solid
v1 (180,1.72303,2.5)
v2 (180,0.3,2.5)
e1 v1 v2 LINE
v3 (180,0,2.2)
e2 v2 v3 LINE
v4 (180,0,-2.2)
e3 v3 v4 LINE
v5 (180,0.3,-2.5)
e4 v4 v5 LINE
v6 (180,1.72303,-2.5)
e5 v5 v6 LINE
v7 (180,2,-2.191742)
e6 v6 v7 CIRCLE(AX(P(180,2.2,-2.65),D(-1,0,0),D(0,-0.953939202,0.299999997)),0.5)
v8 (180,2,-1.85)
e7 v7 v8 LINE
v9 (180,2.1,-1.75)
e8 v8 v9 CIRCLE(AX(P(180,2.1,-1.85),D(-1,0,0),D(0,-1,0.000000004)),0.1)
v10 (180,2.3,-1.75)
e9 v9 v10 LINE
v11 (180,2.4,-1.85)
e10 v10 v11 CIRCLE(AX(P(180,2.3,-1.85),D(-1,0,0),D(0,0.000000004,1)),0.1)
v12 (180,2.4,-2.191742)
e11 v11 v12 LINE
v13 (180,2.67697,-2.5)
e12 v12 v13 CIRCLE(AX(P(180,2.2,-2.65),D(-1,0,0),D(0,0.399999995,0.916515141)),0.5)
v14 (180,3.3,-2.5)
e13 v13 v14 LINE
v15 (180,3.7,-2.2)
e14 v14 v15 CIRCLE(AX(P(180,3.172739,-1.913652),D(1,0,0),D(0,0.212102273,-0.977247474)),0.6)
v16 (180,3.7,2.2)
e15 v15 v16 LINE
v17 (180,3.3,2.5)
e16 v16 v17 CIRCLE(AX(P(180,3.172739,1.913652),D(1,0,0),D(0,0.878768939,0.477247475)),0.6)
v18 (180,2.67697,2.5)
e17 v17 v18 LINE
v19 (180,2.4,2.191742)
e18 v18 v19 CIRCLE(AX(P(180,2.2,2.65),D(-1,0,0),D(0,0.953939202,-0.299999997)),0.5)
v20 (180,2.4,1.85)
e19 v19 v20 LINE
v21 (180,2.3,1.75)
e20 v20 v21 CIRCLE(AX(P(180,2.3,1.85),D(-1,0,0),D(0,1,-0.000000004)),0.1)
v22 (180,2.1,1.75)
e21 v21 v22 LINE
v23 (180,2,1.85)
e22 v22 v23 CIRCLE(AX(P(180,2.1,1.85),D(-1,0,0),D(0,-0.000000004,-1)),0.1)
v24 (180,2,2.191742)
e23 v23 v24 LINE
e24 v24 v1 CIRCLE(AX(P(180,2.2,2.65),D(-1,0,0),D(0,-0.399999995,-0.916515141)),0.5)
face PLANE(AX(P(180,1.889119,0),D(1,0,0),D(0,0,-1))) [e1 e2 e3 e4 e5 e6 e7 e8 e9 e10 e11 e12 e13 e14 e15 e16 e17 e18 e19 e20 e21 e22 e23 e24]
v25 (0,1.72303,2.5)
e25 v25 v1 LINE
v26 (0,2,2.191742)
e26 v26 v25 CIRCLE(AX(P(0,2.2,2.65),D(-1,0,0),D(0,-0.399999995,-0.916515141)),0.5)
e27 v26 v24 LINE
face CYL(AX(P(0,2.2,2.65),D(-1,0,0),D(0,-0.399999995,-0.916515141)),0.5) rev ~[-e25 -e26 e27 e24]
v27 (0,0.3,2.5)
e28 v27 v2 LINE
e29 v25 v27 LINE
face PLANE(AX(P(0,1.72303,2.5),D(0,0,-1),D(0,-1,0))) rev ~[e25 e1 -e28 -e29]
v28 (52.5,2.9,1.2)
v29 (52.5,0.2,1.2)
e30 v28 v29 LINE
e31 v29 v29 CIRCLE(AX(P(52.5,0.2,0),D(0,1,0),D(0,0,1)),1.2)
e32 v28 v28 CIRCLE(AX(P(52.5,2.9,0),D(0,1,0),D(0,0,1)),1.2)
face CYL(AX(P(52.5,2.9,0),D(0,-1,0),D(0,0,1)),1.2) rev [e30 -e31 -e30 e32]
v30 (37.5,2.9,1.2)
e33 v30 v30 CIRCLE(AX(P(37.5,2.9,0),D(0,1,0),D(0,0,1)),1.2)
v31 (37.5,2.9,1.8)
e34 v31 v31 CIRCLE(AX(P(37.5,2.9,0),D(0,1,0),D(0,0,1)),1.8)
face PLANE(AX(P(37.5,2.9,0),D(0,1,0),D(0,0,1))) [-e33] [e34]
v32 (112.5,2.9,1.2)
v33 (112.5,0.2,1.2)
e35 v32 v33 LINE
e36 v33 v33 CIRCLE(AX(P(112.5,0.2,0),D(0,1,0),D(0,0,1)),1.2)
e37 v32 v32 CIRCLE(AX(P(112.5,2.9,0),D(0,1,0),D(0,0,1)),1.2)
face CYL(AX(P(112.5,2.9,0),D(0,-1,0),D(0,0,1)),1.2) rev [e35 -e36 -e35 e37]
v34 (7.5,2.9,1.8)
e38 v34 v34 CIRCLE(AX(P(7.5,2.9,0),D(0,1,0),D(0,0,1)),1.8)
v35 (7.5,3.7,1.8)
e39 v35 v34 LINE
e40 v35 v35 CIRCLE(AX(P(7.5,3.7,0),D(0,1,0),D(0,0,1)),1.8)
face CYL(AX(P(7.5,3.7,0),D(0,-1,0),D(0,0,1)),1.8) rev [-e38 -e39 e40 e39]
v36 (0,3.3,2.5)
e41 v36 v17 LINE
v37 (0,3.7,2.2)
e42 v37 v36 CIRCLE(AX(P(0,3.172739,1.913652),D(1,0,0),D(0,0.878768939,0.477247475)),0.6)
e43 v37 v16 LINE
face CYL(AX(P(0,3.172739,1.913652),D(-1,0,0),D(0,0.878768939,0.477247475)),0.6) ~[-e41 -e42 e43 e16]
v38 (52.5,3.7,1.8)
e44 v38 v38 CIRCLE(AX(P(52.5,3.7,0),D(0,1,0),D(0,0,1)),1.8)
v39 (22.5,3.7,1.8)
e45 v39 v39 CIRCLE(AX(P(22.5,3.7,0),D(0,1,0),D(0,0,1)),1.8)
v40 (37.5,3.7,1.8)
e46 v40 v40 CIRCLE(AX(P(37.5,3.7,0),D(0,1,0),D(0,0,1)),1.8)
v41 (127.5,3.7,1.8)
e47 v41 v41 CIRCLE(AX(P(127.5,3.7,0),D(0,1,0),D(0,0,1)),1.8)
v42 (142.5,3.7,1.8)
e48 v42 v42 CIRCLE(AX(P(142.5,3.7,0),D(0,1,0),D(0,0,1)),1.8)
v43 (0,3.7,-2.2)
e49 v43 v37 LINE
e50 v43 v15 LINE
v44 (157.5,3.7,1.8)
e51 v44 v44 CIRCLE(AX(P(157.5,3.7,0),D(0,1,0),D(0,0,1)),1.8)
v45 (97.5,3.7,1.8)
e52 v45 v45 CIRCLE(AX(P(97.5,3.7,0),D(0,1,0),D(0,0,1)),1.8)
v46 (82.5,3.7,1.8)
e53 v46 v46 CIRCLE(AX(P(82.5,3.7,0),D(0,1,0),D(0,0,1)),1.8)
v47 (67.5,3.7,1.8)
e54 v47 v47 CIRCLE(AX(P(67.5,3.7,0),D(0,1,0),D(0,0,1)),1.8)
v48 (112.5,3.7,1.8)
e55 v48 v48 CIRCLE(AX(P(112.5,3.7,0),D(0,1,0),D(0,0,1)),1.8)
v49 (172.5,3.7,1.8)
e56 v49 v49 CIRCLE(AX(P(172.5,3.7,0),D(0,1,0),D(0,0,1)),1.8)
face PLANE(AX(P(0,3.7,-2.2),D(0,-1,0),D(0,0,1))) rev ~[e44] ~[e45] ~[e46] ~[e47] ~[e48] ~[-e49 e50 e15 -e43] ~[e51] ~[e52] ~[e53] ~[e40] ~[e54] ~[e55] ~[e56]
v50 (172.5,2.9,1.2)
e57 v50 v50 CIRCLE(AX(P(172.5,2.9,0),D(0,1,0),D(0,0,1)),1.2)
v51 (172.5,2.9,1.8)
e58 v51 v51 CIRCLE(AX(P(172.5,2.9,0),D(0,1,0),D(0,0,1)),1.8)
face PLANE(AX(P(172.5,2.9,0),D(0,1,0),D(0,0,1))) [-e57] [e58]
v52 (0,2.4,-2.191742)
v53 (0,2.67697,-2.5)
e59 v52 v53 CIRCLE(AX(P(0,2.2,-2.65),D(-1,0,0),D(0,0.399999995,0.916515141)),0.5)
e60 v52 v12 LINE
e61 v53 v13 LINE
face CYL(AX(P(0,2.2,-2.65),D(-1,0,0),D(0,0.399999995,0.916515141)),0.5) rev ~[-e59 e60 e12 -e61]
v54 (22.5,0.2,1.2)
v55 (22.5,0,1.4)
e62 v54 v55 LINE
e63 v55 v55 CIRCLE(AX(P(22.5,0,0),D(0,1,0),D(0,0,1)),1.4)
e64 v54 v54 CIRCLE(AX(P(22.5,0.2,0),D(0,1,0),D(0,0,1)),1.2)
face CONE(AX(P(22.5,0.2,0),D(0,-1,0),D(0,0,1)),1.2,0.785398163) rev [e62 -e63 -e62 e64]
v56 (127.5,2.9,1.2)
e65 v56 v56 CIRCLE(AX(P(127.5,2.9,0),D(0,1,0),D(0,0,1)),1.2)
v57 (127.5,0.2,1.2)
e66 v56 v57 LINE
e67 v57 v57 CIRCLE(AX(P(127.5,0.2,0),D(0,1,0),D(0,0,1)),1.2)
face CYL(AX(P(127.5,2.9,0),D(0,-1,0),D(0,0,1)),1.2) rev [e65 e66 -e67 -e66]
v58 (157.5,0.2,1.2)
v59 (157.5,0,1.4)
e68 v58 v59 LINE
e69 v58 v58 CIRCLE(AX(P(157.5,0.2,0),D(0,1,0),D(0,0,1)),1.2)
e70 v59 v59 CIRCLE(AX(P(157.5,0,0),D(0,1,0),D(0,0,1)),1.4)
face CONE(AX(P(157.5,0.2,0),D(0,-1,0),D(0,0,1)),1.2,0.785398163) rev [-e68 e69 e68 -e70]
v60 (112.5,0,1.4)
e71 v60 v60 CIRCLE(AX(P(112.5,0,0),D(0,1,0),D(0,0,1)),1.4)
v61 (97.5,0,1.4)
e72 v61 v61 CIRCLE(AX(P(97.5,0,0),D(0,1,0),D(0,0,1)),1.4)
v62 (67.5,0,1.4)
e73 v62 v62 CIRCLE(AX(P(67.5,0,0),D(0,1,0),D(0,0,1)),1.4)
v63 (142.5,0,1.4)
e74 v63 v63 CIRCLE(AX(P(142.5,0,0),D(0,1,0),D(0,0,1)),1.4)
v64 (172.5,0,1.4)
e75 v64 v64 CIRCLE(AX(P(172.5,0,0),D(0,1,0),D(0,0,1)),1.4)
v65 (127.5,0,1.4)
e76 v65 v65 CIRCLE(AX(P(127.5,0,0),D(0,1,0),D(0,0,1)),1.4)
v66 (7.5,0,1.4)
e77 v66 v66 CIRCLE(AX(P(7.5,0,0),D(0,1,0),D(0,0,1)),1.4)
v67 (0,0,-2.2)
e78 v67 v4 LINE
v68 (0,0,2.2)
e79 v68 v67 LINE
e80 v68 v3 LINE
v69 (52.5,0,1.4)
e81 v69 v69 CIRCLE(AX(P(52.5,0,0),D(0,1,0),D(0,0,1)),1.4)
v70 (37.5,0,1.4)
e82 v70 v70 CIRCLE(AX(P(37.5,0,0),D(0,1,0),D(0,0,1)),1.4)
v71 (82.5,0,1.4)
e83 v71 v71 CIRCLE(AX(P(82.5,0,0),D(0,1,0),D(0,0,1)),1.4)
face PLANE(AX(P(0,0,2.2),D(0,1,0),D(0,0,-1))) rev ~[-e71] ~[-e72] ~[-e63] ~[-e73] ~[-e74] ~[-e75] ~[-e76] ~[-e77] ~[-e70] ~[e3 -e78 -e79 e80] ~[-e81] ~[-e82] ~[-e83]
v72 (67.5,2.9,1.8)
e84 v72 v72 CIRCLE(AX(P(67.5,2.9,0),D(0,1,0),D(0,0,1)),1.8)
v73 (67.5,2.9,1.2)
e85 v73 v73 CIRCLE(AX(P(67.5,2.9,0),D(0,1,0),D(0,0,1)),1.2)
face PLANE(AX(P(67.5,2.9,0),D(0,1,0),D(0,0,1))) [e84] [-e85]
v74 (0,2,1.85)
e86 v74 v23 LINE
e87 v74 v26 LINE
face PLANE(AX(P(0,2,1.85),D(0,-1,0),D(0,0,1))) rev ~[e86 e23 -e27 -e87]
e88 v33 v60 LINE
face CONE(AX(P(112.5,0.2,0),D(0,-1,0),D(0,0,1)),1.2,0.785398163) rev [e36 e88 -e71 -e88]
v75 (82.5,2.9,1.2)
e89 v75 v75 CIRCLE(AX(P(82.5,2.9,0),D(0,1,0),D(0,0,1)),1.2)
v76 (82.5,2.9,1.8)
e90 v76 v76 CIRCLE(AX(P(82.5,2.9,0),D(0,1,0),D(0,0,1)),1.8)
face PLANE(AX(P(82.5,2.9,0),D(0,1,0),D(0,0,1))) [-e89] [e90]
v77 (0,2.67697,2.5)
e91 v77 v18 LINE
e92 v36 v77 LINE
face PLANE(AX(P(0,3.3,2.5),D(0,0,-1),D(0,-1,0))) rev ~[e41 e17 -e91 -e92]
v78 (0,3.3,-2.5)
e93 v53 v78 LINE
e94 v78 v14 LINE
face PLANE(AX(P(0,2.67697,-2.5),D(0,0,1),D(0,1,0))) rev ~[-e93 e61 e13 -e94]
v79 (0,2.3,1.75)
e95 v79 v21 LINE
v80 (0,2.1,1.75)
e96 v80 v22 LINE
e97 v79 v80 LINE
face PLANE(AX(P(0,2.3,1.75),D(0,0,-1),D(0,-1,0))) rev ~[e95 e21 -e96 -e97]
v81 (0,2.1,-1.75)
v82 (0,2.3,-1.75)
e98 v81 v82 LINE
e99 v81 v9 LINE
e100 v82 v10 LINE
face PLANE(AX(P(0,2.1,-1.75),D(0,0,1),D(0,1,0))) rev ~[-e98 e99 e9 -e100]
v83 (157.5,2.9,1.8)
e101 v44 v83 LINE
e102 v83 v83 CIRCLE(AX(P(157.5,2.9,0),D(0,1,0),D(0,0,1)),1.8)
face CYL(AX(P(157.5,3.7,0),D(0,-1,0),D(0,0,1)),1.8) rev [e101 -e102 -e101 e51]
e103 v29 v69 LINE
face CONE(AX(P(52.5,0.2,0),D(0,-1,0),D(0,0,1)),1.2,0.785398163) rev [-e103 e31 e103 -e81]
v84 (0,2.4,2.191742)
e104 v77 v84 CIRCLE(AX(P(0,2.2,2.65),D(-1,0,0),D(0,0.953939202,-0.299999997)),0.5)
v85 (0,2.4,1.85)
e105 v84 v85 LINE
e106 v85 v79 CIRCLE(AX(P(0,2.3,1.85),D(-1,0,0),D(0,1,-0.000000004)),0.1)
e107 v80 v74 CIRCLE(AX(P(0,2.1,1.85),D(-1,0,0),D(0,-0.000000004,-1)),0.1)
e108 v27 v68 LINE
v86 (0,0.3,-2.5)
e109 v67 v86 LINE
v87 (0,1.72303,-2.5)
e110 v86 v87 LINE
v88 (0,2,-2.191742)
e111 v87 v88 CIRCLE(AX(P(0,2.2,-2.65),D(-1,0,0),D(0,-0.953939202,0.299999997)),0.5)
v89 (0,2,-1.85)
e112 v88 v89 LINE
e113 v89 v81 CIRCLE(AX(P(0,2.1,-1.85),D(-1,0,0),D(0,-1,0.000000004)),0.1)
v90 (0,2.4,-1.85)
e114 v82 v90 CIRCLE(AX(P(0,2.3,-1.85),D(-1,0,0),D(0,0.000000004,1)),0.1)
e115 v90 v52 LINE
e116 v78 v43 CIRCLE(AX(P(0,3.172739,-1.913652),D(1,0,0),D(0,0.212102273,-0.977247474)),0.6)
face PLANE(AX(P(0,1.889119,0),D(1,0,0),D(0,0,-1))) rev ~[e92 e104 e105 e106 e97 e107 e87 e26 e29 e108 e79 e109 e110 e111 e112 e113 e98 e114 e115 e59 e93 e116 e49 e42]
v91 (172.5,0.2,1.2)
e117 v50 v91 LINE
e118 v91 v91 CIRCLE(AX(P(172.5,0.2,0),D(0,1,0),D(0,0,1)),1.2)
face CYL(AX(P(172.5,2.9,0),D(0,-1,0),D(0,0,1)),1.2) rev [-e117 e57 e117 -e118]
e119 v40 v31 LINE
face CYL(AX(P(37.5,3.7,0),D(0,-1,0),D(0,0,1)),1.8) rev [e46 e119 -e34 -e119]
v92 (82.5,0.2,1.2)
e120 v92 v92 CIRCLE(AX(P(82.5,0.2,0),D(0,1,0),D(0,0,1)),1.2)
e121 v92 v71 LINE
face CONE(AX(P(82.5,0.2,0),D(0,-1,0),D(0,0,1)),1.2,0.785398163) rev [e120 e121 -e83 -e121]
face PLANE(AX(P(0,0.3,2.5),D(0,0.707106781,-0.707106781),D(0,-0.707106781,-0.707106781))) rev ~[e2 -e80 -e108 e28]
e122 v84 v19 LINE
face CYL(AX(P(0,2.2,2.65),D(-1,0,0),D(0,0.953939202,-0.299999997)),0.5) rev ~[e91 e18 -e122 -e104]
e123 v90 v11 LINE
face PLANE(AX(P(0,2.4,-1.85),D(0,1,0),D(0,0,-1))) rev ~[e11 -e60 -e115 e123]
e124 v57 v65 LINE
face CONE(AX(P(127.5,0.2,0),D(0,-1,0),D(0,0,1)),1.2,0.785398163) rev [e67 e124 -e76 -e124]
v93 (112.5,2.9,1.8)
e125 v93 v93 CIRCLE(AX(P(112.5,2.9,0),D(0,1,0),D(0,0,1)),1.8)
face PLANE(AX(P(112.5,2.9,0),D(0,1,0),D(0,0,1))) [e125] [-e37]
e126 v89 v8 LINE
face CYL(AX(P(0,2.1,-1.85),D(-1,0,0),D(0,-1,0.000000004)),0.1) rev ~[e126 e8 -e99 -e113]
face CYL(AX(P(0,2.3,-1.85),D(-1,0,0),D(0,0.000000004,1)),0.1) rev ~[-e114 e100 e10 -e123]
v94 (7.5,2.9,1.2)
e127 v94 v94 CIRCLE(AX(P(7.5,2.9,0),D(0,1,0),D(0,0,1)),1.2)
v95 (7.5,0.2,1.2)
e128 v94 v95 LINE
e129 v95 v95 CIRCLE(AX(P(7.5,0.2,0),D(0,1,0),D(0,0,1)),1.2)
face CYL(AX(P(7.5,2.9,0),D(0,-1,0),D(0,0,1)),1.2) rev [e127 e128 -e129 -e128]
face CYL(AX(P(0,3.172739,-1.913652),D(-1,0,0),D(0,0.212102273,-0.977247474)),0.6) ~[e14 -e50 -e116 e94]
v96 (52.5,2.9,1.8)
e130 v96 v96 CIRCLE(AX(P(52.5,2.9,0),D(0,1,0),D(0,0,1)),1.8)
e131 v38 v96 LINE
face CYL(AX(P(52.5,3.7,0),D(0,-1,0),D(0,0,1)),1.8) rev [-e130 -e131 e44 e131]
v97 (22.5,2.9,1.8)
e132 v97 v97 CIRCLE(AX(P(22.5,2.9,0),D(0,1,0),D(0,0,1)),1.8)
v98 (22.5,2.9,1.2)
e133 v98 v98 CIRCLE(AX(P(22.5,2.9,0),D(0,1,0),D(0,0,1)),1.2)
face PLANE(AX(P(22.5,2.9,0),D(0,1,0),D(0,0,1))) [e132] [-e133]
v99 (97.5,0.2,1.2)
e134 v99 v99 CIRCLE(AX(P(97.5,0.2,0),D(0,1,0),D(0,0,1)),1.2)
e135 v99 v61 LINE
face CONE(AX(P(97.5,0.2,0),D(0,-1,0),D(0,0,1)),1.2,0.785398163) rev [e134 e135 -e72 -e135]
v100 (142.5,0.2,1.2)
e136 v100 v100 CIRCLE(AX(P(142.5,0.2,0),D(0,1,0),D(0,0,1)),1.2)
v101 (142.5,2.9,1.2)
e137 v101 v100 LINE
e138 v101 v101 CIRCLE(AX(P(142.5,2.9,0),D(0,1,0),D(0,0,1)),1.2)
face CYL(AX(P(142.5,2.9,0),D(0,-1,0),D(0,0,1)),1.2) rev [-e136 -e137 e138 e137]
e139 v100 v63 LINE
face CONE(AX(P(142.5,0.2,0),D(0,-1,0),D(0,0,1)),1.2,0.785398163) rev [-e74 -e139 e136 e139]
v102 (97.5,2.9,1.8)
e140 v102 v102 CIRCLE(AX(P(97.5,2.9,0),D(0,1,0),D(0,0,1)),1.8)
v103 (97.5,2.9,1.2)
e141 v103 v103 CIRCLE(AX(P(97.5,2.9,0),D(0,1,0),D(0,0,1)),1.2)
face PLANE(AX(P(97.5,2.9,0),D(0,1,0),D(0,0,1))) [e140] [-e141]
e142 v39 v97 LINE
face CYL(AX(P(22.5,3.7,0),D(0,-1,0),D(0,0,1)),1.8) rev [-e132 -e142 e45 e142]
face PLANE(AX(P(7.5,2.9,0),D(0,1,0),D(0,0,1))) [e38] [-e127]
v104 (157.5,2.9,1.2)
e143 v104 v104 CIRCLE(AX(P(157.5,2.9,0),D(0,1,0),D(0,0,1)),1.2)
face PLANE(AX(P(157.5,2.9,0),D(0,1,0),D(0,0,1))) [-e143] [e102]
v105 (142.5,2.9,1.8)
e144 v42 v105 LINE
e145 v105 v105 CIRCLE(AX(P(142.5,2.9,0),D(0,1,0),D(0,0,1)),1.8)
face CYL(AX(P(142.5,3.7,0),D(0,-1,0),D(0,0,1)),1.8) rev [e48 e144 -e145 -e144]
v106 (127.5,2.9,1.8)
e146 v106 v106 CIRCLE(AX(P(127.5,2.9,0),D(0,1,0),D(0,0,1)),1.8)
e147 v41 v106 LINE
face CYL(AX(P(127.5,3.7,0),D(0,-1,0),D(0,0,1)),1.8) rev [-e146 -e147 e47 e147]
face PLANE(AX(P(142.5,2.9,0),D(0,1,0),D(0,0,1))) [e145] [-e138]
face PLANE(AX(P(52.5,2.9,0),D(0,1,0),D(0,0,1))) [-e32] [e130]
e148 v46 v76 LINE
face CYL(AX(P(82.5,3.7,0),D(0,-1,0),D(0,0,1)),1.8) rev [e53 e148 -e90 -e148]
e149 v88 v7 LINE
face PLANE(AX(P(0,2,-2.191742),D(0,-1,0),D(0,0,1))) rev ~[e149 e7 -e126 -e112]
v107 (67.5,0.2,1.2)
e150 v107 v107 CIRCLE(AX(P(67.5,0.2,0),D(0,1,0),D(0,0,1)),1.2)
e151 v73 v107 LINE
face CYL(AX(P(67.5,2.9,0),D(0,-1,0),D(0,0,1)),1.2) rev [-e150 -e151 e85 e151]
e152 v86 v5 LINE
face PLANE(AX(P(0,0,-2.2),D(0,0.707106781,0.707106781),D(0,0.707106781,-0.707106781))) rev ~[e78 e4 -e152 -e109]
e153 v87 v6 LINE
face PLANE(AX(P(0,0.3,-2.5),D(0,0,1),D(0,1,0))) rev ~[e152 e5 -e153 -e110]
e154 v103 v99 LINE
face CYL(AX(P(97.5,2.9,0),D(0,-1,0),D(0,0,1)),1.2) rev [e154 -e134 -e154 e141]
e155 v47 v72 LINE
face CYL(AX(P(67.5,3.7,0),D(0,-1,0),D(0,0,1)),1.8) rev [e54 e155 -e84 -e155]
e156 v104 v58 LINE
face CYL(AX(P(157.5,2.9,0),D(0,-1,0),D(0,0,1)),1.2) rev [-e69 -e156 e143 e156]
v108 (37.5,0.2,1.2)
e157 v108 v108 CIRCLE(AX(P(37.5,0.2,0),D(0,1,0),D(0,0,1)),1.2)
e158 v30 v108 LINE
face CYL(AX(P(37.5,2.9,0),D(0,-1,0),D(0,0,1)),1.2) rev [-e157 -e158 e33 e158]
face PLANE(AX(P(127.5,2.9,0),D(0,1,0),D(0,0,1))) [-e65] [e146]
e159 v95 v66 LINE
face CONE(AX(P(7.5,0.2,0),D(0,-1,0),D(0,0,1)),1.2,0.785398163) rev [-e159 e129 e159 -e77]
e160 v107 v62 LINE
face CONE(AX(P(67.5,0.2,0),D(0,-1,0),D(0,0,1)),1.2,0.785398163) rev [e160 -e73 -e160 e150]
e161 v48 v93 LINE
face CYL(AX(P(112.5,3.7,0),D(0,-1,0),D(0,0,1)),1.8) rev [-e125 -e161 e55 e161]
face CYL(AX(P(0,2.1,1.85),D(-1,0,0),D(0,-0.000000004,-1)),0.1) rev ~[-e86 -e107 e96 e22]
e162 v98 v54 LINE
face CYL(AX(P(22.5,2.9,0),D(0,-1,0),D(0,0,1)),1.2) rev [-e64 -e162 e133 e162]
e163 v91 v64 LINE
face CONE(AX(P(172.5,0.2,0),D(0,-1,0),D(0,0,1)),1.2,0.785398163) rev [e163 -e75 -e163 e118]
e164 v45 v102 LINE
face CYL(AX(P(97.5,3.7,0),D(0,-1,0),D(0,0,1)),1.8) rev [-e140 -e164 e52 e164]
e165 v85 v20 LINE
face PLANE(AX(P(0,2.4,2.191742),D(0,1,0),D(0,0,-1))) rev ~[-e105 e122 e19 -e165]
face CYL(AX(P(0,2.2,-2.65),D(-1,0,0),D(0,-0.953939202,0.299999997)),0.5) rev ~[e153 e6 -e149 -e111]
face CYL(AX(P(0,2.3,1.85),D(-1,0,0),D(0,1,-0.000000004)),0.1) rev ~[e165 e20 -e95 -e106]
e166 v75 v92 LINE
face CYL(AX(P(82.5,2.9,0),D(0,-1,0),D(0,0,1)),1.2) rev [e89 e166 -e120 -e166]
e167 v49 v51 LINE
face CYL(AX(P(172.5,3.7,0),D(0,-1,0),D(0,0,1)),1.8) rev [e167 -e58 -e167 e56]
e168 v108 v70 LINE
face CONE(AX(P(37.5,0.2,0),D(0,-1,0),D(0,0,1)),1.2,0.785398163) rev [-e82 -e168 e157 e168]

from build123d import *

# Parameters (mm, degrees)
EXTRUDE1_DEPTH  = 180
LPATTERN1_COUNT = 11
LPATTERN1_PITCH = 15


with BuildPart() as part:
    # Sketch1 → Extrude1 (new body)
    with BuildSketch(Plane(origin=(0, 0, 0), x_dir=(0, 0, -1), z_dir=(1, 0, 0))):
        with BuildLine():
            Line((-2.5, 0.3), (-2.2, 0))
            Line((-2.2, 0), (2.2, 0))
            Line((2.2, 0), (2.5, 0.3))
            Line((2.5, 0.3), (2.5, 1.723030399))
            ThreePointArc((2.5, 1.723030399), (2.315825857, 1.828075757), (2.191742431, 2))
            Line((2.191742431, 2), (1.85, 2))
            ThreePointArc((1.85, 2), (1.779289322, 2.029289322), (1.75, 2.1))
            Line((1.75, 2.1), (1.75, 2.3))
            ThreePointArc((1.75, 2.3), (1.779289322, 2.370710678), (1.85, 2.4))
            Line((1.85, 2.4), (2.191742431, 2.4))
            ThreePointArc((2.191742431, 2.4), (2.315825857, 2.571924243), (2.5, 2.676969601))
            Line((2.5, 2.676969601), (2.5, 3.3))
            ThreePointArc((2.5, 3.3), (2.393651515, 3.532738637), (2.2, 3.7))
            Line((2.2, 3.7), (-2.2, 3.7))
            ThreePointArc((-2.2, 3.7), (-2.393651515, 3.532738637), (-2.5, 3.3))
            Line((-2.5, 3.3), (-2.5, 2.676969601))
            ThreePointArc((-2.5, 2.676969601), (-2.315825857, 2.571924243), (-2.191742431, 2.4))
            Line((-2.191742431, 2.4), (-1.85, 2.4))
            ThreePointArc((-1.85, 2.4), (-1.779289322, 2.370710678), (-1.75, 2.3))
            Line((-1.75, 2.3), (-1.75, 2.1))
            ThreePointArc((-1.75, 2.1), (-1.779289322, 2.029289322), (-1.85, 2))
            Line((-1.85, 2), (-2.191742431, 2))
            ThreePointArc((-2.191742431, 2), (-2.315825857, 1.828075757), (-2.5, 1.723030399))
            Line((-2.5, 1.723030399), (-2.5, 0.3))
        make_face()
    extrude(amount=EXTRUDE1_DEPTH)

    # Sketch2 → Cut-Revolve1 (revolve, cut)
    with BuildSketch(Plane(origin=(0, 0, 0), x_dir=(-1, 0, 0), z_dir=(0, 0, -1))):
        Polygon((-7.5, 3.7), (-5.7, 3.7), (-5.7, 2.9), (-6.3, 2.9), (-6.3, 0.2), (-6.1, 0), (-7.5, 0), align=None)
    revolve(axis=Axis((7.5, 0, 0), (0, 1, 0)), mode=Mode.SUBTRACT)

    # Sketch3 → Cut-Revolve2 (revolve, cut)
    with BuildSketch(Plane(origin=(45, 0, 0), x_dir=(-1, 0, 0), z_dir=(0, 0, -1))):
        Polygon((-127.5, 3.7), (-125.7, 3.7), (-125.7, 2.9), (-126.3, 2.9), (-126.3, 0.2), (-126.1, 0), (-127.5, 0), align=None)
    cut_revolve2 = revolve(axis=Axis((172.5, 0, 0), (0, 1, 0)), mode=Mode.SUBTRACT)

    # LPattern1: Cut-Revolve2 ×11
    with Locations(*[(-i * LPATTERN1_PITCH, 0, 0) for i in range(1, LPATTERN1_COUNT)]):
        add(cut_revolve2, mode=Mode.SUBTRACT)


solid = part.part
